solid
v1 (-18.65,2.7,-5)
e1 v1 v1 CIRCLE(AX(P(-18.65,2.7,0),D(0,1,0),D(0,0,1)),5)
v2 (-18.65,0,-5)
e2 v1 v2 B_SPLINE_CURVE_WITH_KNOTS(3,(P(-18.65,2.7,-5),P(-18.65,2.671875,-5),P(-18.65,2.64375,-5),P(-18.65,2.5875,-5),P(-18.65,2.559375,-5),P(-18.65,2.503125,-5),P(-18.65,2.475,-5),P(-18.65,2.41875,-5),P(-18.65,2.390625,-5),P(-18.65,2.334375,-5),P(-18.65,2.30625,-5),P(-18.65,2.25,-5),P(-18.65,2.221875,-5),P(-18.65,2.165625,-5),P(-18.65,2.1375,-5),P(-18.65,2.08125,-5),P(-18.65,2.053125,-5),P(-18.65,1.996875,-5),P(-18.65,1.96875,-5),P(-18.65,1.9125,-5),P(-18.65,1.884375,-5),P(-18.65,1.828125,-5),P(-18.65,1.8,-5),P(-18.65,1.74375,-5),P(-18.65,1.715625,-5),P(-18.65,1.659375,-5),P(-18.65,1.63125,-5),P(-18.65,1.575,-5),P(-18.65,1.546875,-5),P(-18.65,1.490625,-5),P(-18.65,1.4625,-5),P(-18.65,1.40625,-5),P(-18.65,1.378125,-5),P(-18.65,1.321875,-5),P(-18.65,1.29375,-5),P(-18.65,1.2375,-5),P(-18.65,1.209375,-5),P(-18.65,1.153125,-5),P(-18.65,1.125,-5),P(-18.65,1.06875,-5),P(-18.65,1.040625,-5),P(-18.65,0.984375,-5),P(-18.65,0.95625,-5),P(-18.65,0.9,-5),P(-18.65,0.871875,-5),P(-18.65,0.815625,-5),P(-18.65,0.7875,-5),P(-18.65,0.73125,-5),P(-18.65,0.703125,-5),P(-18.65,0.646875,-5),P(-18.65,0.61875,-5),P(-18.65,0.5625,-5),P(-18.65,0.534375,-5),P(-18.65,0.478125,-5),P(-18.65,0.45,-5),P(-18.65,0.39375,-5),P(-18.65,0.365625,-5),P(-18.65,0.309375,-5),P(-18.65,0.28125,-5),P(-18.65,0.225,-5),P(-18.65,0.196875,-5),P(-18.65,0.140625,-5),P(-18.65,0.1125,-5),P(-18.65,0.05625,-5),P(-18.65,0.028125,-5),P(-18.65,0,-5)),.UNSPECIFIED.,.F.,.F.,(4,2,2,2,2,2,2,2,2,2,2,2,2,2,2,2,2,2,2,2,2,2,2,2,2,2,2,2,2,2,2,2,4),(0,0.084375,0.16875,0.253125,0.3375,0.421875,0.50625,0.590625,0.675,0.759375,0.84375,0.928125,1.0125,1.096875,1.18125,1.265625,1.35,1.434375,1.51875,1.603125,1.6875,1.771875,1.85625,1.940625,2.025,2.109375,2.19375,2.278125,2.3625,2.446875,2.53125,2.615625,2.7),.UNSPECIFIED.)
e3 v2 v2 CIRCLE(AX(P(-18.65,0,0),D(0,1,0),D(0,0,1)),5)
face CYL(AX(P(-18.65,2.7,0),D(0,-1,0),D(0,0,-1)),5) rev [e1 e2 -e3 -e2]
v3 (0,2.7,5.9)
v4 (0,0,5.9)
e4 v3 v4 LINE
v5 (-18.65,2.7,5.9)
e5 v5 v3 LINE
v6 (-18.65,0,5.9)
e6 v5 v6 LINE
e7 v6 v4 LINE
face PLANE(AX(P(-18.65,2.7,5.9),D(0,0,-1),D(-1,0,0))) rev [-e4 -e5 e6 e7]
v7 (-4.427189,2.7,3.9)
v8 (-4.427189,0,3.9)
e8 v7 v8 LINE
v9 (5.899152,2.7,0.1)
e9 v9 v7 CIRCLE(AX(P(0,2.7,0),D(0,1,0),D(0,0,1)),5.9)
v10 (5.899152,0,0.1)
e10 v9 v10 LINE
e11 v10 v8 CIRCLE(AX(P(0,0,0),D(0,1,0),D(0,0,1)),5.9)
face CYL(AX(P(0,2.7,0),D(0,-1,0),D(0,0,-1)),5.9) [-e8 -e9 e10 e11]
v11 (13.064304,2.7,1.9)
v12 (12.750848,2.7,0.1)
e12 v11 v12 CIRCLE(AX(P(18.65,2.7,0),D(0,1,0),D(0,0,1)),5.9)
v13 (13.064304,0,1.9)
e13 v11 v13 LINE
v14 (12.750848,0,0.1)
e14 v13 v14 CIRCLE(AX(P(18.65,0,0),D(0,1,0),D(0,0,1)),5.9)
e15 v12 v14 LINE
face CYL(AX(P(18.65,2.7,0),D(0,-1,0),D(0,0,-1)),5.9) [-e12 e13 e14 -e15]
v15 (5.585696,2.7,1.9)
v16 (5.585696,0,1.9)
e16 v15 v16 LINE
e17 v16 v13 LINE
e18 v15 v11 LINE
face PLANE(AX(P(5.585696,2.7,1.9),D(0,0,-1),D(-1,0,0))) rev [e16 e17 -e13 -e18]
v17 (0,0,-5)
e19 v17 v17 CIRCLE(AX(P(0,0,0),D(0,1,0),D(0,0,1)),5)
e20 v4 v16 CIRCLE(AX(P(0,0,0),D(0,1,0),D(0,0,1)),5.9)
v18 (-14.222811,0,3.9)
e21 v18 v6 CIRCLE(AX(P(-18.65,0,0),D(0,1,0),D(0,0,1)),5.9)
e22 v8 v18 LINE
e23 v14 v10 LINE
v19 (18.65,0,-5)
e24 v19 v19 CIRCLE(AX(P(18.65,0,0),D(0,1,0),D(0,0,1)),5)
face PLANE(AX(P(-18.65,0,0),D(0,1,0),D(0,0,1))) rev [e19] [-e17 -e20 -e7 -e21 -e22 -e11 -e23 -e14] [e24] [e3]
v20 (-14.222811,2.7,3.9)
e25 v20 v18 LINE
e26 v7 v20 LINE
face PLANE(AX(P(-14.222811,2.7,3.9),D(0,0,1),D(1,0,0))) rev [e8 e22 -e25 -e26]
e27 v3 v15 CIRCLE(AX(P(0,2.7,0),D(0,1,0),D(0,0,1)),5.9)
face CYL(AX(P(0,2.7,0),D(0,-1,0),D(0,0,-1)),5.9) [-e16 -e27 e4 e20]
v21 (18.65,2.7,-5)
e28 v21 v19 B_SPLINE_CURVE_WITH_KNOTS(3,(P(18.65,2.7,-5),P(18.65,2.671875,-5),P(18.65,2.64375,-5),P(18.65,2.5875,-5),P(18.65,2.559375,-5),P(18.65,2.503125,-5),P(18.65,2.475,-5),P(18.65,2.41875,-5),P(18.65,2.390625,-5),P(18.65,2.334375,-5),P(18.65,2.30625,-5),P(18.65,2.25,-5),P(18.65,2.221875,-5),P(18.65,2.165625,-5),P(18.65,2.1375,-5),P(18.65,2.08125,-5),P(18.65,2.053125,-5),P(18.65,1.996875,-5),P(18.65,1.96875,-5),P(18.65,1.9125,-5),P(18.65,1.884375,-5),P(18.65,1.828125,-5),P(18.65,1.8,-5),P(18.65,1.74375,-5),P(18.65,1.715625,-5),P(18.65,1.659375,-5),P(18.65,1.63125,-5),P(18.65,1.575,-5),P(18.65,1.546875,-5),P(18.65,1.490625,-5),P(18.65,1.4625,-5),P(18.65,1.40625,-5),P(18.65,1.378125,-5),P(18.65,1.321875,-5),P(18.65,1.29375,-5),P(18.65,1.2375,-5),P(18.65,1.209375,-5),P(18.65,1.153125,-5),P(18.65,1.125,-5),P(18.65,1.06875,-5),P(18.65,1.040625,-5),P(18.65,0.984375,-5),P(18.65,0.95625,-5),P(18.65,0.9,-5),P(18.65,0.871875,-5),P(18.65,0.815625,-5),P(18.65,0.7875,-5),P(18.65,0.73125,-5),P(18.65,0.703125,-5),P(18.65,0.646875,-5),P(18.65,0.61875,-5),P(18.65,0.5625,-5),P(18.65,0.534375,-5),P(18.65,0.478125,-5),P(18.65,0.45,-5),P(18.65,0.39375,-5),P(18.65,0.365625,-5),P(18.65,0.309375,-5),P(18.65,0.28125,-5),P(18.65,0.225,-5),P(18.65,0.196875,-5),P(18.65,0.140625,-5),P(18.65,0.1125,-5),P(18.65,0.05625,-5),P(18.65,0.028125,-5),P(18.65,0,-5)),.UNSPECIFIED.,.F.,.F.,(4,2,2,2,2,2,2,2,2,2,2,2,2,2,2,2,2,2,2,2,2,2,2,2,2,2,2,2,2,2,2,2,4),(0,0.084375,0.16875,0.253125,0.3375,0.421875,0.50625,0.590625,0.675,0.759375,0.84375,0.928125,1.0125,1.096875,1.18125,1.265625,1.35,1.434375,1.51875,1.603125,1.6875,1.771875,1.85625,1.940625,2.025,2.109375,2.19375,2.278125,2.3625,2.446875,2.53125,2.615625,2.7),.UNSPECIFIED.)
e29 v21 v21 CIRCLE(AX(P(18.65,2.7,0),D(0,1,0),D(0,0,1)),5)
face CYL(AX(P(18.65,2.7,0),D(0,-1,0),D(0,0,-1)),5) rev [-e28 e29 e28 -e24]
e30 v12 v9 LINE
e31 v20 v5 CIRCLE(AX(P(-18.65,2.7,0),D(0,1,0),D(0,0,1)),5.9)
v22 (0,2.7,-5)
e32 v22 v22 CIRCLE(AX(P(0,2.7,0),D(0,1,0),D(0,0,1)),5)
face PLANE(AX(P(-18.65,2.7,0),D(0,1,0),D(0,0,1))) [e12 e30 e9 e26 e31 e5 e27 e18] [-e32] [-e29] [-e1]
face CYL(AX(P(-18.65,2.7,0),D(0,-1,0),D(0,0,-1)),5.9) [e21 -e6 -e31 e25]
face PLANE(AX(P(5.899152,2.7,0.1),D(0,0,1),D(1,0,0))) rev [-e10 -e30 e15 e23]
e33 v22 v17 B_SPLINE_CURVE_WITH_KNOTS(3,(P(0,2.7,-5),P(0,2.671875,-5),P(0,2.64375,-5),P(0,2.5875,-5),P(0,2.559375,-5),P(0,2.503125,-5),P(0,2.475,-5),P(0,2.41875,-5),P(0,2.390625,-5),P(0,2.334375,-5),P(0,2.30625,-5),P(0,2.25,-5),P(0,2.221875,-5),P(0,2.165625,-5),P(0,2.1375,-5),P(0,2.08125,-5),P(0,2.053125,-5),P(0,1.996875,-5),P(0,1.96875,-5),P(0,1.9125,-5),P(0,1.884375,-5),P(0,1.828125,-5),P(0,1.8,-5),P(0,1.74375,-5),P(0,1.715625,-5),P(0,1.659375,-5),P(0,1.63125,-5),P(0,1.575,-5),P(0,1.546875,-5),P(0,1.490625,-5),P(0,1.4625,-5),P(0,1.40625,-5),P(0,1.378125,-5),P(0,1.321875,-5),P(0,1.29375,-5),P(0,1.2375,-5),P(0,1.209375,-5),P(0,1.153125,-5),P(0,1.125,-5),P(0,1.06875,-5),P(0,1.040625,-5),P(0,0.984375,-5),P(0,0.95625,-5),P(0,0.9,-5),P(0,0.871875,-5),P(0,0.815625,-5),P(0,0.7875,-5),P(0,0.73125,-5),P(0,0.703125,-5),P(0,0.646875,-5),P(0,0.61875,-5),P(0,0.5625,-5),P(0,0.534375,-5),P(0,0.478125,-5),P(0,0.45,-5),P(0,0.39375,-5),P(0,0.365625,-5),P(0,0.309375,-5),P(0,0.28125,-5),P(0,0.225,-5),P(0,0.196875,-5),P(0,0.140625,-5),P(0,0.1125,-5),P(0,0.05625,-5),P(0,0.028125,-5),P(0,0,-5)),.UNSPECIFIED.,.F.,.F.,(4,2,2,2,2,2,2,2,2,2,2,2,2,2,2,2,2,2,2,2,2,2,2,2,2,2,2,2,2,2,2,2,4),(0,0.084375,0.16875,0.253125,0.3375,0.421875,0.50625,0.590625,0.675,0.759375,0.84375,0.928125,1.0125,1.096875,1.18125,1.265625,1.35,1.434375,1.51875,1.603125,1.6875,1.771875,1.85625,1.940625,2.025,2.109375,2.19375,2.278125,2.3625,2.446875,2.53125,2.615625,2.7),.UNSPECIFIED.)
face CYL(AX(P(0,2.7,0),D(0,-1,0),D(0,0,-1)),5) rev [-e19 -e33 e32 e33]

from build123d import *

# Parameters (mm, degrees)
SKETCH1_R           = 5
BOSS_EXTRUDE2_DEPTH = 2.7


with BuildPart() as part:
    # Sketch1 → Boss-Extrude2 (new body)
    with BuildSketch(Plane(origin=(0, 0, 0), x_dir=(1, 0, 0), z_dir=(0, 1, 0))):
        with BuildLine():
            Line((-18.65, -5.9), (0, -5.9))
            ThreePointArc((0, -5.9), (3.435112807, -4.796873982), (5.585696018, -1.9))
            Line((5.585696018, -1.9), (13.064303982, -1.9))
            ThreePointArc((13.064303982, -1.9), (24.462524087, 1.01220736), (12.750847518, -0.1))
            Line((12.750847518, -0.1), (5.899152482, -0.1))
            ThreePointArc((5.899152482, -0.1), (-2.037564557, 5.536996539), (-4.427188724, -3.9))
            Line((-4.427188724, -3.9), (-14.222811276, -3.9))
            ThreePointArc((-14.222811276, -3.9), (-21.07899156, 5.376802024), (-18.65, -5.9))
        make_face()
        with Locations(Location((0, 0, 0), (0, 0, 90))):
            Circle(SKETCH1_R, mode=Mode.SUBTRACT)
        with Locations(Location((18.65, 0, 0), (0, 0, 90))):
            Circle(SKETCH1_R, mode=Mode.SUBTRACT)
        with Locations(Location((-18.65, 0, 0), (0, 0, 90))):
            Circle(SKETCH1_R, mode=Mode.SUBTRACT)
    extrude(amount=BOSS_EXTRUDE2_DEPTH)


solid = part.part
